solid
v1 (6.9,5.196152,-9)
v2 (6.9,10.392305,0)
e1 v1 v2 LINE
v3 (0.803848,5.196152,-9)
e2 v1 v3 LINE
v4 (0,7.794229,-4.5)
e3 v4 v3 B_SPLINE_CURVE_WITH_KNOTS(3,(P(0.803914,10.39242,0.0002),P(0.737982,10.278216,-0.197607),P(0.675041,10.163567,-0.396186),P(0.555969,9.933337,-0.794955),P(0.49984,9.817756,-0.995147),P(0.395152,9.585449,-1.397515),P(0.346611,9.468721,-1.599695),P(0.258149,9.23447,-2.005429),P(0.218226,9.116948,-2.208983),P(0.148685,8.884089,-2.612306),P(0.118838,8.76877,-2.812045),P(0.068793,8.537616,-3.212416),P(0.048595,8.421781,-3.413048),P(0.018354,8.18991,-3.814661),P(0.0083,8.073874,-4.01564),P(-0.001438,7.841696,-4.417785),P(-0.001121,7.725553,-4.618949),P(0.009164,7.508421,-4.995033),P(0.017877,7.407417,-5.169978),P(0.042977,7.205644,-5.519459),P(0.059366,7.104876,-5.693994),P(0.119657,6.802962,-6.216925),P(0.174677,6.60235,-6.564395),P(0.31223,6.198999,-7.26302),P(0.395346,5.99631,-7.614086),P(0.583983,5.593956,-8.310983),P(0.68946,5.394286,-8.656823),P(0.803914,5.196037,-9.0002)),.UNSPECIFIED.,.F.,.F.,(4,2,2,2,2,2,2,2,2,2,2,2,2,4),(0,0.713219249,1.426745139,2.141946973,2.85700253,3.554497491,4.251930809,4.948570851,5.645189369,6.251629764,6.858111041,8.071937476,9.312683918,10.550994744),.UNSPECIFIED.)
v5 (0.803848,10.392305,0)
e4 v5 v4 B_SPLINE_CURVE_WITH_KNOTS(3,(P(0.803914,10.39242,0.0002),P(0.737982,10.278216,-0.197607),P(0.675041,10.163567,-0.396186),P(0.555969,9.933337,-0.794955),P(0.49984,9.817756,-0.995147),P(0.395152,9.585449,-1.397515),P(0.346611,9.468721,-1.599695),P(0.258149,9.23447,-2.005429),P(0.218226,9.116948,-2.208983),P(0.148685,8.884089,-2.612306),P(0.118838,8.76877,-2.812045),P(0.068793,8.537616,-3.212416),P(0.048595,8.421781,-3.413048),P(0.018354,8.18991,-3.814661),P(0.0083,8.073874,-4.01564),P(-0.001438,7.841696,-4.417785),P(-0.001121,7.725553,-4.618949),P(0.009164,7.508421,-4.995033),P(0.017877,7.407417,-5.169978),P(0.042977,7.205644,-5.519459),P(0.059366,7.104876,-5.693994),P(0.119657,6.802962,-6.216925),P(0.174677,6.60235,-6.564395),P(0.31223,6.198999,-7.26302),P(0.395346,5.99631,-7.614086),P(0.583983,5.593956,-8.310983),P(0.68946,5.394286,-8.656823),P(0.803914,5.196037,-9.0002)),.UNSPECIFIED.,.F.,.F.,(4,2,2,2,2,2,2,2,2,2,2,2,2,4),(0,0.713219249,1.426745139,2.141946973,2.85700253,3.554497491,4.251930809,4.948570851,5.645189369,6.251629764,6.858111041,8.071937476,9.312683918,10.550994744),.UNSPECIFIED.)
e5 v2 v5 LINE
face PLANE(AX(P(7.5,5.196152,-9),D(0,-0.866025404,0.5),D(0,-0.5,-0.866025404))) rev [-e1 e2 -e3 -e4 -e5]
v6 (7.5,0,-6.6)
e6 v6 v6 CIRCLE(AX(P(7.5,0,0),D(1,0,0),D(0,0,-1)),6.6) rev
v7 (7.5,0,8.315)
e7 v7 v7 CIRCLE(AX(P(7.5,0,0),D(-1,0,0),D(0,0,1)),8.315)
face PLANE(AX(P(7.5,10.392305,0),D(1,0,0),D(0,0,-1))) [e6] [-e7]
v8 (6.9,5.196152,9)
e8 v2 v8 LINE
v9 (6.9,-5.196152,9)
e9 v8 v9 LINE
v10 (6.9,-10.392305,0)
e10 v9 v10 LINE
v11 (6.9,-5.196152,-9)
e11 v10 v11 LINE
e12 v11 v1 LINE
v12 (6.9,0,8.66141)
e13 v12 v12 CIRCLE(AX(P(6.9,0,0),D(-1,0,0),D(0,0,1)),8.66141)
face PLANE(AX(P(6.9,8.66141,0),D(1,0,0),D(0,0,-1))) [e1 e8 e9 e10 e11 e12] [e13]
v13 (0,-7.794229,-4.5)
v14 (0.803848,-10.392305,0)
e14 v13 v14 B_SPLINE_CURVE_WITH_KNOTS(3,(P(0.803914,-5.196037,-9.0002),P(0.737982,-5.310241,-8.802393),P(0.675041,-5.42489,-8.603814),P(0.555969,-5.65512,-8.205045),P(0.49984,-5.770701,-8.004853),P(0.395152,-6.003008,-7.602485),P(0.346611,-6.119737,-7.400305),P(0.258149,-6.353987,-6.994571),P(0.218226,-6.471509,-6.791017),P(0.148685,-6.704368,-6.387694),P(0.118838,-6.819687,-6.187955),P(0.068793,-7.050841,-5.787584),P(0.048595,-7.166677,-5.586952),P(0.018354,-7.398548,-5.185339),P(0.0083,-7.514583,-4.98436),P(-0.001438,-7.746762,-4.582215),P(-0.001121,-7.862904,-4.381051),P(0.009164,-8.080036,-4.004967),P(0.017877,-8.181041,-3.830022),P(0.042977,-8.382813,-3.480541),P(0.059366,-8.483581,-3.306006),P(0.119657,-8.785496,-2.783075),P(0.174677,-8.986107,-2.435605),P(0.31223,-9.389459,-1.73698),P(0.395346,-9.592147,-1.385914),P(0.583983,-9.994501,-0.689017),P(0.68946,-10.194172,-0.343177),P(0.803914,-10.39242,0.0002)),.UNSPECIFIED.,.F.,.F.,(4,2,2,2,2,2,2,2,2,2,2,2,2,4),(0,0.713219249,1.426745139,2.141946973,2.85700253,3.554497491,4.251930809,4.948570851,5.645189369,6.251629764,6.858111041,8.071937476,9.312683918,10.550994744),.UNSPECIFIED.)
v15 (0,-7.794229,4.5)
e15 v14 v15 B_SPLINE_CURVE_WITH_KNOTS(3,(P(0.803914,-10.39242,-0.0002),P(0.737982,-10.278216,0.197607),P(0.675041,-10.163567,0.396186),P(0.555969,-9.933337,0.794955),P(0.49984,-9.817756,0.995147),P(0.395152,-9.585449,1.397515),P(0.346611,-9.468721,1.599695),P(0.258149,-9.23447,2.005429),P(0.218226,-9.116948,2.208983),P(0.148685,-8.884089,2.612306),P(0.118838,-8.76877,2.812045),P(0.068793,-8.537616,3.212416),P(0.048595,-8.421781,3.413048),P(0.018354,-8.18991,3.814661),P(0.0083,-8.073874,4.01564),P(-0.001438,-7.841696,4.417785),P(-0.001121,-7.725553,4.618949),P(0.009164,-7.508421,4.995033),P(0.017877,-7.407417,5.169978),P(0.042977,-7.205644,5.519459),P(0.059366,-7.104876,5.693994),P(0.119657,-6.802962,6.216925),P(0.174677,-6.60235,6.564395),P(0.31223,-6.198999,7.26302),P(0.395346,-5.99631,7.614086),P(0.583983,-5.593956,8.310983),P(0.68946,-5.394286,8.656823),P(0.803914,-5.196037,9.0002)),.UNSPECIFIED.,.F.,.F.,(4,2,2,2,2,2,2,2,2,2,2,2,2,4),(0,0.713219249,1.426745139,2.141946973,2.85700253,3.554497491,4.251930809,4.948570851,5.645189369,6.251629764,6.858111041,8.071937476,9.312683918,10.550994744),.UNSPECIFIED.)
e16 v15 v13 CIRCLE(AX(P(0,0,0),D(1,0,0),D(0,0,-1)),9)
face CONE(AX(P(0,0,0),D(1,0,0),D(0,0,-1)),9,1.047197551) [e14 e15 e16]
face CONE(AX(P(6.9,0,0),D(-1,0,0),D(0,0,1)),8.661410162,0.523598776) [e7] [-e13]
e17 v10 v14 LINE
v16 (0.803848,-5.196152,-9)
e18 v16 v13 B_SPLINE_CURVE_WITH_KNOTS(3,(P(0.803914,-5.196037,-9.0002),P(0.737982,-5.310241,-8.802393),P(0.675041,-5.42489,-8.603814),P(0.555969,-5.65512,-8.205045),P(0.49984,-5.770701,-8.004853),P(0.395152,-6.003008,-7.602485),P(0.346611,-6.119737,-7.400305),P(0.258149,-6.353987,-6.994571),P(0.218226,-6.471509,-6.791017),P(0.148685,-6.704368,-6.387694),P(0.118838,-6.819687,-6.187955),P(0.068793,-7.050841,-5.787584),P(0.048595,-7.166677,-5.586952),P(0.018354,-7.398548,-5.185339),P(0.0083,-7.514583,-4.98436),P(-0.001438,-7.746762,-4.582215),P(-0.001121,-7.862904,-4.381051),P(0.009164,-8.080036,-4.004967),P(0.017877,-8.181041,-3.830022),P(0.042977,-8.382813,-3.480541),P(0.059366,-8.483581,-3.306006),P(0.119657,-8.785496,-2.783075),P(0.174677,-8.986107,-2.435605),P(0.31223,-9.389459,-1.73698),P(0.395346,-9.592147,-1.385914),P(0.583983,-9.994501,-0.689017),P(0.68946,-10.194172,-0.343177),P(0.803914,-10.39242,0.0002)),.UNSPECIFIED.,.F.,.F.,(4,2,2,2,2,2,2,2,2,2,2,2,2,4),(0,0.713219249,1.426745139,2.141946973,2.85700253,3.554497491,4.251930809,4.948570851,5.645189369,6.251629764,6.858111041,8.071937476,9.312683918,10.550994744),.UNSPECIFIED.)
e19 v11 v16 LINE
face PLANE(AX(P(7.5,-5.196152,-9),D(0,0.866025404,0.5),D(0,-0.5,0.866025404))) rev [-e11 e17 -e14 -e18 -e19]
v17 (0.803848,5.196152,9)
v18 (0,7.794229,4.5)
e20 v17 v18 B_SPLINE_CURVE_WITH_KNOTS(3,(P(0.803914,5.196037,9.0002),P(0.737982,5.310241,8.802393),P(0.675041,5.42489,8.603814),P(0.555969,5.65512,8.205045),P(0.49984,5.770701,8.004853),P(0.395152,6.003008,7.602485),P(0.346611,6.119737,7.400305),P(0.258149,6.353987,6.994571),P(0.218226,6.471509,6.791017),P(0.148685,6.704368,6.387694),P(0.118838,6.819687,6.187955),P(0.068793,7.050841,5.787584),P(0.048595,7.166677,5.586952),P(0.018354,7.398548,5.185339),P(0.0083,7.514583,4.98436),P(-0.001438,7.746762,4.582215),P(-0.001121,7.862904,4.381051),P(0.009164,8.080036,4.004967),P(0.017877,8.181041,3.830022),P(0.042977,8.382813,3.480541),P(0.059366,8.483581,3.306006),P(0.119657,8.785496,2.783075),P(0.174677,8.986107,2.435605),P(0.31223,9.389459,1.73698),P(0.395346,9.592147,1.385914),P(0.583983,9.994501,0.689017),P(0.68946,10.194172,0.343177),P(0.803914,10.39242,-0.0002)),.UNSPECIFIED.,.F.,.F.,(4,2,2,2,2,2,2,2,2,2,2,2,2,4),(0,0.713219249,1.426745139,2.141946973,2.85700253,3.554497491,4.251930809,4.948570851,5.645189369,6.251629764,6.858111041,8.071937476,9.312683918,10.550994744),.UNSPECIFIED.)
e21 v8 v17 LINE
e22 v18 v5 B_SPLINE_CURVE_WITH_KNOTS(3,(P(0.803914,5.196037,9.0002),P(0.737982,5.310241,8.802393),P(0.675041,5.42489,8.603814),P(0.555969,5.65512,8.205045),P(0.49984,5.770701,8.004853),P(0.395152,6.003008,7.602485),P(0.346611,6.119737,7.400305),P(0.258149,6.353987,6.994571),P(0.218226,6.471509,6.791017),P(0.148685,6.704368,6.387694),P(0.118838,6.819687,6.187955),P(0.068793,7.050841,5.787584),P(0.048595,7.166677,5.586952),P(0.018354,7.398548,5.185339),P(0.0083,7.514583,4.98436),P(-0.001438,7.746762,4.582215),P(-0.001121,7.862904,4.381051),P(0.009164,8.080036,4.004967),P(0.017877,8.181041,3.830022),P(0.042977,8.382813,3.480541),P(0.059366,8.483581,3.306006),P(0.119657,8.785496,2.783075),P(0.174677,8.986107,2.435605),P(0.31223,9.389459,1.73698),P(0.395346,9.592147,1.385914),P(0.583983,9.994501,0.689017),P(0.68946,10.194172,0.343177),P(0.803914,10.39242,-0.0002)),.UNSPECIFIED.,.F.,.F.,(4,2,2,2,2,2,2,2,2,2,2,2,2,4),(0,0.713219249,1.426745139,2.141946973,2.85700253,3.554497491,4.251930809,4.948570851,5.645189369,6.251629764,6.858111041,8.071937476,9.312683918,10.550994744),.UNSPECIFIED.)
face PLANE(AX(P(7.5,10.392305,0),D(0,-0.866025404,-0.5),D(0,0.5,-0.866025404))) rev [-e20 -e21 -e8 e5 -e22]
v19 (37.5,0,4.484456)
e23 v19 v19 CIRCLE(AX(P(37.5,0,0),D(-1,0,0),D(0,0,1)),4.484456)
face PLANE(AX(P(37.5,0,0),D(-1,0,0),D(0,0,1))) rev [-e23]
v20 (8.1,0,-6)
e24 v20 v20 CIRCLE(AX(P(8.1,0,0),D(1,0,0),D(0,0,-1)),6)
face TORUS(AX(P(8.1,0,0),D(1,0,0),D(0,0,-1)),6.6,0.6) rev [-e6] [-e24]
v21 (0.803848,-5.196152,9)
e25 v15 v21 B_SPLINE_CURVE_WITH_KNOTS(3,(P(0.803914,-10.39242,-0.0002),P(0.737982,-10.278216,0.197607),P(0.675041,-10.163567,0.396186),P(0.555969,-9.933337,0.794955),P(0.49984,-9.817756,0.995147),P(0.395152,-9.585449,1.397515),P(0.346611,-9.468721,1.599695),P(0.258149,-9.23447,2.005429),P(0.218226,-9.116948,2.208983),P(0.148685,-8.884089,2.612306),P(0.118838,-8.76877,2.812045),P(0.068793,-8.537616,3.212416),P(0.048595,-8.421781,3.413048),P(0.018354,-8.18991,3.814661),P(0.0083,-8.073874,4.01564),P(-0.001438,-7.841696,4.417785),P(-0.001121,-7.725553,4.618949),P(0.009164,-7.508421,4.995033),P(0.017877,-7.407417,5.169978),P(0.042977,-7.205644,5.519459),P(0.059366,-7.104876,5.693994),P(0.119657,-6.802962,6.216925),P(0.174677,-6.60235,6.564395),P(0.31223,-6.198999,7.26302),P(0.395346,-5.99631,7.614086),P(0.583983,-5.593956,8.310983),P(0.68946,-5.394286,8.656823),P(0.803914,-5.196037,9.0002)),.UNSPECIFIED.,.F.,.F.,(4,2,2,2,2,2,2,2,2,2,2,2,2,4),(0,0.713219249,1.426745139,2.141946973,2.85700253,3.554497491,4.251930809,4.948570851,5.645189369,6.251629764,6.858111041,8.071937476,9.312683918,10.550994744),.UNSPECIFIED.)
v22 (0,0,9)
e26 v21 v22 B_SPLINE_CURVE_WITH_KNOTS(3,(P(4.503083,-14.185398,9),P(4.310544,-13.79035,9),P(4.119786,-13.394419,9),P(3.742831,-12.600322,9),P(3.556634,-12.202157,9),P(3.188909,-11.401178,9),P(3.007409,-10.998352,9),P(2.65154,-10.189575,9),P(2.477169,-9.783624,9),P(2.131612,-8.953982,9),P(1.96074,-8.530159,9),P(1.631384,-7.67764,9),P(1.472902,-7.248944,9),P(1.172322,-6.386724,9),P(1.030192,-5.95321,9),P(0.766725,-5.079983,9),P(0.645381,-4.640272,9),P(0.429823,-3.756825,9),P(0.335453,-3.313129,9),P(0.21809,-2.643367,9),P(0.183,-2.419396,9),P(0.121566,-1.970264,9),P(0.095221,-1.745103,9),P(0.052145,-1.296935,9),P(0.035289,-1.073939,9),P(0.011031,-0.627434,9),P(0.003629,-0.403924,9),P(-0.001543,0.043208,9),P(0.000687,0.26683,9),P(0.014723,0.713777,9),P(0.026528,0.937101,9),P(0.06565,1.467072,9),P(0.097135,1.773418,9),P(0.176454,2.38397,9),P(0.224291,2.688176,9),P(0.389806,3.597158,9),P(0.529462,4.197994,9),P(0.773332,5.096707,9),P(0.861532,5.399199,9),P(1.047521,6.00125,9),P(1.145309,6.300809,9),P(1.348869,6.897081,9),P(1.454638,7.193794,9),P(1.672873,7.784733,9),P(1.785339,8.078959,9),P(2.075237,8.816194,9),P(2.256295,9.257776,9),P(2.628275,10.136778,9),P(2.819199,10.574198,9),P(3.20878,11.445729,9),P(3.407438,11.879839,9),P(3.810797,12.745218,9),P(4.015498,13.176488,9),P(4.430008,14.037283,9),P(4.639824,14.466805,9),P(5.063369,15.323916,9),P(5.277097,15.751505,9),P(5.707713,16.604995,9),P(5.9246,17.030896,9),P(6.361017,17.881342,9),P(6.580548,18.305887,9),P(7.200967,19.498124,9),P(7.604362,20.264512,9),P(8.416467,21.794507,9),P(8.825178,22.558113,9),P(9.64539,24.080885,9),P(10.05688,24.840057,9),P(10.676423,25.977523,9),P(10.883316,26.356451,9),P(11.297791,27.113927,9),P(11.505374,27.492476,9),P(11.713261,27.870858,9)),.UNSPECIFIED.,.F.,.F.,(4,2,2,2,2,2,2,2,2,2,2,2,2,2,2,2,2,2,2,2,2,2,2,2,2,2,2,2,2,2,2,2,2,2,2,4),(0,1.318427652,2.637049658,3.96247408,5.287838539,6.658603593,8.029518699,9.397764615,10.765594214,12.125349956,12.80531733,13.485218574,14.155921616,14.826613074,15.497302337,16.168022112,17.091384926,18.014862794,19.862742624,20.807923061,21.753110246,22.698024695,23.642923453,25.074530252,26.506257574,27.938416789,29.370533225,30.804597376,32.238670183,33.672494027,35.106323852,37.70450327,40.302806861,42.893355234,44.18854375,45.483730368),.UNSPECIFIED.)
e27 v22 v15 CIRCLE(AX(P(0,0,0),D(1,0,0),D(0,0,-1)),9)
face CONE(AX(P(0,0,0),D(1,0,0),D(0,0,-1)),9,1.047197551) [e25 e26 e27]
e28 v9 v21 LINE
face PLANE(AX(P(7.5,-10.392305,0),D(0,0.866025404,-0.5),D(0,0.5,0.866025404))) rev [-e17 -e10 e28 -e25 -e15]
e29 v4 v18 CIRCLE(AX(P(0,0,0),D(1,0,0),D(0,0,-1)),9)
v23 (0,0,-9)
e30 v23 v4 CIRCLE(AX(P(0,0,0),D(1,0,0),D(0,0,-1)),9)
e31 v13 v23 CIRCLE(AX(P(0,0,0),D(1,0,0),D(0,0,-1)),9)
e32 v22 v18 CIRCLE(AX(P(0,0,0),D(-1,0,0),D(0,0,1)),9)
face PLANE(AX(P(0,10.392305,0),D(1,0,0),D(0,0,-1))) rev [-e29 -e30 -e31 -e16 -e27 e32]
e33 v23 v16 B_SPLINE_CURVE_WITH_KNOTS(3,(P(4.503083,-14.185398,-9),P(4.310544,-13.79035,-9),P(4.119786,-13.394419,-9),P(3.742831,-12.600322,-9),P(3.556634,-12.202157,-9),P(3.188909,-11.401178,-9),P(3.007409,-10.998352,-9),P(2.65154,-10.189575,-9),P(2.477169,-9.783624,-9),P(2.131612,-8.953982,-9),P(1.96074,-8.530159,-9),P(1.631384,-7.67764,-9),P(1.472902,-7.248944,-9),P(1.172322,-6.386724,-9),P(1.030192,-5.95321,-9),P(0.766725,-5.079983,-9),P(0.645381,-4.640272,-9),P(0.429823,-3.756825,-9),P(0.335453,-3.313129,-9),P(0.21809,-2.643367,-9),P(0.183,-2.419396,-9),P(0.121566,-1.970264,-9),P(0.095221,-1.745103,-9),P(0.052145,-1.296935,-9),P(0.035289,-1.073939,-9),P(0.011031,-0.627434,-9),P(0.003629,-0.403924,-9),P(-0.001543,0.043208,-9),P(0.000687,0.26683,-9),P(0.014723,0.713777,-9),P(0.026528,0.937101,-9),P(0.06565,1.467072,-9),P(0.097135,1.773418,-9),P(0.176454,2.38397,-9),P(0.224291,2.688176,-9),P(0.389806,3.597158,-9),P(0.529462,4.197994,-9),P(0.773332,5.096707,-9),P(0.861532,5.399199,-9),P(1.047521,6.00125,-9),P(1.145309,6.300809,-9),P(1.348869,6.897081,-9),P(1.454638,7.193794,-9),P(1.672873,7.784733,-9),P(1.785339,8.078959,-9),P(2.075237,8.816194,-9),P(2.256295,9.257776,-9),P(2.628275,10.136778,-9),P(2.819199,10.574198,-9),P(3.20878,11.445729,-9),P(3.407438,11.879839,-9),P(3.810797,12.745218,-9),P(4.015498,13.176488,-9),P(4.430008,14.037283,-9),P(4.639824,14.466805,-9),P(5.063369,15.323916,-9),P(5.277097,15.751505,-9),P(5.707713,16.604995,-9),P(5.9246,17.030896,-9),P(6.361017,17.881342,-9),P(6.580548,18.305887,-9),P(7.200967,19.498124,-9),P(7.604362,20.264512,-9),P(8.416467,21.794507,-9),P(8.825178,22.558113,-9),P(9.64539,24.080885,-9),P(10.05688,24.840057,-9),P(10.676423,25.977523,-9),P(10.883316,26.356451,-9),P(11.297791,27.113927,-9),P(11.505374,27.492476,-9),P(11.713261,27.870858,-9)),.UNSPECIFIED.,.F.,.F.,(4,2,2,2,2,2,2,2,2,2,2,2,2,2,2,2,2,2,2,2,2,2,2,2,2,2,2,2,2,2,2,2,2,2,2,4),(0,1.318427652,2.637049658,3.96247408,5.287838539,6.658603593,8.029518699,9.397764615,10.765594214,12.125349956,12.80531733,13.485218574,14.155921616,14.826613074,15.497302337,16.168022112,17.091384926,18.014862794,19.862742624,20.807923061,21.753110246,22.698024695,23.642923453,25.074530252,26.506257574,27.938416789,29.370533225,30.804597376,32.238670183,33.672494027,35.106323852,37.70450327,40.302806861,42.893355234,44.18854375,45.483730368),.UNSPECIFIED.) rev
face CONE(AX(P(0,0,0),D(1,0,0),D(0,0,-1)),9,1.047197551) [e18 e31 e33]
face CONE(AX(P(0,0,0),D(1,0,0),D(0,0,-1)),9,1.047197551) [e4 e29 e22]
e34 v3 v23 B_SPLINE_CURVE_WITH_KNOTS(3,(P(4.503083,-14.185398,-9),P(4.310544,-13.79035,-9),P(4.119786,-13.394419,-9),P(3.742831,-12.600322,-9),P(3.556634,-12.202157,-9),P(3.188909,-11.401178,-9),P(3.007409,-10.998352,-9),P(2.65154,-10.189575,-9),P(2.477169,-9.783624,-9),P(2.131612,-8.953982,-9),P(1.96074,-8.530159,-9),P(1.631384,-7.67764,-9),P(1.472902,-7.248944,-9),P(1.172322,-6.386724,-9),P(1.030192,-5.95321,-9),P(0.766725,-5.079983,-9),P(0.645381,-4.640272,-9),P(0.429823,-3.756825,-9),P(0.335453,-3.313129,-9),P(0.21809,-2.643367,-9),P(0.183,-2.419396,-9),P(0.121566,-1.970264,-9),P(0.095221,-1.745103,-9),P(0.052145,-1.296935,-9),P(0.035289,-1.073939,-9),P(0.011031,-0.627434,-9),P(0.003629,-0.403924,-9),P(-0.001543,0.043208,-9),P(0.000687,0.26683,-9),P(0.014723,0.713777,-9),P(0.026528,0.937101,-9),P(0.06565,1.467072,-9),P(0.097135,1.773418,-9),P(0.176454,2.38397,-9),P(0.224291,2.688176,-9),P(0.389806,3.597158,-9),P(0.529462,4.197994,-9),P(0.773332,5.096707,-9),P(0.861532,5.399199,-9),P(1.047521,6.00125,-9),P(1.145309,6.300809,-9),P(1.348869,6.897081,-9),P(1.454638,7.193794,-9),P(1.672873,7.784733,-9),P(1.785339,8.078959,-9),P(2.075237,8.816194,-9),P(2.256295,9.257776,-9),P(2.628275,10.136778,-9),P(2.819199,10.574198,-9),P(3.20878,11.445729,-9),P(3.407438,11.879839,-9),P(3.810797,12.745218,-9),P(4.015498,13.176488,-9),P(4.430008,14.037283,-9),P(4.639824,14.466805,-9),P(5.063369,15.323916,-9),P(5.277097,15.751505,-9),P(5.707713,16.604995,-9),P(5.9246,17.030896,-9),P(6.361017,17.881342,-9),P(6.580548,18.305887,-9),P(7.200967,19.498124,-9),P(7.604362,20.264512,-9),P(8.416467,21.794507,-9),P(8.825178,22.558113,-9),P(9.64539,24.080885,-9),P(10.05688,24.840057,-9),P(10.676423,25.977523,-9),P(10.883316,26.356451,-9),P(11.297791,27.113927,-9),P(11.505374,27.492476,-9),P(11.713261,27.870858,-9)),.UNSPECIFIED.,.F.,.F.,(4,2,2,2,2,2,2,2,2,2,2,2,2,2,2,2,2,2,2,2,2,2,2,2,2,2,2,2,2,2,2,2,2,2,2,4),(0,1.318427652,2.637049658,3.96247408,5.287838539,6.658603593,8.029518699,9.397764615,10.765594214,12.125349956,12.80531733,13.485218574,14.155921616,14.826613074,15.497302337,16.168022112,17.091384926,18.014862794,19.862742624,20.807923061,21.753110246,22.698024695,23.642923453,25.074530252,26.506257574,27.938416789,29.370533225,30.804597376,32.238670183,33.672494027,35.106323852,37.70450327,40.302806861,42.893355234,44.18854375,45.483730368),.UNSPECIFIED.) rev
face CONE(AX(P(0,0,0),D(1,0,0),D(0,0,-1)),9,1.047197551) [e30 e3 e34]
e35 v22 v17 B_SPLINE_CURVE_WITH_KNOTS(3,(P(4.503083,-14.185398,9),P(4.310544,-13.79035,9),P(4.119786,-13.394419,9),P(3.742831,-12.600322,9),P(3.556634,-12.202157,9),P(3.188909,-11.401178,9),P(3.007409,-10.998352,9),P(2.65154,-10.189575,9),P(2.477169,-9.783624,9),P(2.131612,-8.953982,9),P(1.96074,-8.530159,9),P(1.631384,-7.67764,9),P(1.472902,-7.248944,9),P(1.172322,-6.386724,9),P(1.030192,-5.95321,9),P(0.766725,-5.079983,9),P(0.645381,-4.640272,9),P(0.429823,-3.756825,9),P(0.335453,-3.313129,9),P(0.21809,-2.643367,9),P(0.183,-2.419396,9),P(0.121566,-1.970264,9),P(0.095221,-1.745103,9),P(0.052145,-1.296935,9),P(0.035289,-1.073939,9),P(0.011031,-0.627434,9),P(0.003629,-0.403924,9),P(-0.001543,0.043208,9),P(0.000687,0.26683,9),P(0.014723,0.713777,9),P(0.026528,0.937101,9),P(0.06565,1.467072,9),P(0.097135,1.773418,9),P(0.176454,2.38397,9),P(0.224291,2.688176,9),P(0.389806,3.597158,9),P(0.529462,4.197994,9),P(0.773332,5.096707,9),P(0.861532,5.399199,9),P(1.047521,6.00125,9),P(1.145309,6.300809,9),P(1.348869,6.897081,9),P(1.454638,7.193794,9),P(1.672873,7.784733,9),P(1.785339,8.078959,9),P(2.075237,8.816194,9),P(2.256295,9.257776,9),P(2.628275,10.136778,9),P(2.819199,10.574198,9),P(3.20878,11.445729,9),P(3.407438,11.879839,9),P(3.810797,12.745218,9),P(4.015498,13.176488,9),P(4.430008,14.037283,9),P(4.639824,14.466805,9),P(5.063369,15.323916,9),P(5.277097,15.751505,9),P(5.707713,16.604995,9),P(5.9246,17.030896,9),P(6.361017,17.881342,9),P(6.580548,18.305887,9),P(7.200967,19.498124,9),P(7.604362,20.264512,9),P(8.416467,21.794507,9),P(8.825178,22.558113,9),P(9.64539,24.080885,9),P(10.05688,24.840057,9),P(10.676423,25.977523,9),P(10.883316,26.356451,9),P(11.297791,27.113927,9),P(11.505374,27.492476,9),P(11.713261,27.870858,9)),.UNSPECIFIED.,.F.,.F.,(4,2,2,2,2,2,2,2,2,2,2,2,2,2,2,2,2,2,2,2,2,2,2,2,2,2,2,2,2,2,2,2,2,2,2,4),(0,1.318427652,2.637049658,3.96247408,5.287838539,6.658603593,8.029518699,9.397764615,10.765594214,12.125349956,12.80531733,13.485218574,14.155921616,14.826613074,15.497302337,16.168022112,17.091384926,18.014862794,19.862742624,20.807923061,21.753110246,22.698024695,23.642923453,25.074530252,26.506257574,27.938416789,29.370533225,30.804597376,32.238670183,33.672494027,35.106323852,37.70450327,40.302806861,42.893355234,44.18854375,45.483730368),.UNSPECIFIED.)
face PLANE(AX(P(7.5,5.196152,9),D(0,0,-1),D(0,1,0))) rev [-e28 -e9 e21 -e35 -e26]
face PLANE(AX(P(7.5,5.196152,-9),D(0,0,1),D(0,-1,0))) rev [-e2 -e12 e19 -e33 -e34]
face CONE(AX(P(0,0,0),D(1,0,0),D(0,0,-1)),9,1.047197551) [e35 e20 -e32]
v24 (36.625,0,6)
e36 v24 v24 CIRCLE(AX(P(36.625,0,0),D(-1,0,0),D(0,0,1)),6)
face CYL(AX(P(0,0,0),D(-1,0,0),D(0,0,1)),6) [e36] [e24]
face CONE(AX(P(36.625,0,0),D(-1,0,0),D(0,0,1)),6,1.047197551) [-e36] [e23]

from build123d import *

# Parameters (mm, degrees)
EXTRUDE_396_DEPTH = 7.5
FILLET_1266_R     = 0.6


with BuildPart() as part:
    # 草图1 → Extrude 396 (new body)
    with BuildSketch(Plane(origin=(0, 0, 0), x_dir=(0, 0, -1), z_dir=(1, 0, 0))):
        Polygon((9, 5.196152423), (9, -5.196152423), (0, -10.392304845), (-9, -5.196152423), (-9, 5.196152423), (0, 10.392304845), align=None)
    extrude(amount=EXTRUDE_396_DEPTH)

    # 草图2 → 凸台-旋转1 (revolve)
    with BuildSketch(Plane.XY, mode=Mode.PRIVATE) as revolve_1_sk:
        Polygon((0, 0), (37.5, 0), (37.5, 4.4845), (37.5, 6), (0, 6), align=None)
    revolve(revolve_1_sk.sketch.rotate(Axis((0, 0, 0), (1, 0, 0)), 90), axis=Axis((0, 0, 0), (1, 0, 0)))

    # 草图3 → 切除-旋转1 (revolve, cut)
    with BuildSketch(Plane.XY):
        Polygon((0, 9), (3.690598923, 15.392304845), (3.690598923, 20.392304845), (-10, 20.392304845), (-10, 9), align=None)
    revolve(axis=Axis((0, 0, 0), (1, 0, 0)), mode=Mode.SUBTRACT)

    # 草图4 → 切除-旋转3 (revolve, cut)
    with BuildSketch(Plane.XY, mode=Mode.PRIVATE) as cut_revolve_3_sk:
        Polygon((7.5, 8.315), (6.9, 8.661410162), (6.9, 10.392304845), (7.5, 10.392304845), align=None)
    revolve(cut_revolve_3_sk.sketch.rotate(Axis((0, 0, 0), (1, 0, 0)), 90), axis=Axis((0, 0, 0), (1, 0, 0)), mode=Mode.SUBTRACT)

    # Fillet 1266
    fillet_1266_edges = [part.edges().sort_by_distance(p)[0] for p in [
        (7.5, 0, -6),
    ]]
    fillet(fillet_1266_edges, radius=FILLET_1266_R)

    # 草图6 → 切除-旋转4 (revolve, cut)
    with BuildSketch(Plane.XY, mode=Mode.PRIVATE) as cut_revolve_4_sk:
        Polygon((36.625, 6), (38.375, 6), (37.5, 4.484455543), align=None)
    revolve(cut_revolve_4_sk.sketch.rotate(Axis((0, 0, 0), (1, 0, 0)), 90), axis=Axis((0, 0, 0), (1, 0, 0)), mode=Mode.SUBTRACT)


solid = part.part
